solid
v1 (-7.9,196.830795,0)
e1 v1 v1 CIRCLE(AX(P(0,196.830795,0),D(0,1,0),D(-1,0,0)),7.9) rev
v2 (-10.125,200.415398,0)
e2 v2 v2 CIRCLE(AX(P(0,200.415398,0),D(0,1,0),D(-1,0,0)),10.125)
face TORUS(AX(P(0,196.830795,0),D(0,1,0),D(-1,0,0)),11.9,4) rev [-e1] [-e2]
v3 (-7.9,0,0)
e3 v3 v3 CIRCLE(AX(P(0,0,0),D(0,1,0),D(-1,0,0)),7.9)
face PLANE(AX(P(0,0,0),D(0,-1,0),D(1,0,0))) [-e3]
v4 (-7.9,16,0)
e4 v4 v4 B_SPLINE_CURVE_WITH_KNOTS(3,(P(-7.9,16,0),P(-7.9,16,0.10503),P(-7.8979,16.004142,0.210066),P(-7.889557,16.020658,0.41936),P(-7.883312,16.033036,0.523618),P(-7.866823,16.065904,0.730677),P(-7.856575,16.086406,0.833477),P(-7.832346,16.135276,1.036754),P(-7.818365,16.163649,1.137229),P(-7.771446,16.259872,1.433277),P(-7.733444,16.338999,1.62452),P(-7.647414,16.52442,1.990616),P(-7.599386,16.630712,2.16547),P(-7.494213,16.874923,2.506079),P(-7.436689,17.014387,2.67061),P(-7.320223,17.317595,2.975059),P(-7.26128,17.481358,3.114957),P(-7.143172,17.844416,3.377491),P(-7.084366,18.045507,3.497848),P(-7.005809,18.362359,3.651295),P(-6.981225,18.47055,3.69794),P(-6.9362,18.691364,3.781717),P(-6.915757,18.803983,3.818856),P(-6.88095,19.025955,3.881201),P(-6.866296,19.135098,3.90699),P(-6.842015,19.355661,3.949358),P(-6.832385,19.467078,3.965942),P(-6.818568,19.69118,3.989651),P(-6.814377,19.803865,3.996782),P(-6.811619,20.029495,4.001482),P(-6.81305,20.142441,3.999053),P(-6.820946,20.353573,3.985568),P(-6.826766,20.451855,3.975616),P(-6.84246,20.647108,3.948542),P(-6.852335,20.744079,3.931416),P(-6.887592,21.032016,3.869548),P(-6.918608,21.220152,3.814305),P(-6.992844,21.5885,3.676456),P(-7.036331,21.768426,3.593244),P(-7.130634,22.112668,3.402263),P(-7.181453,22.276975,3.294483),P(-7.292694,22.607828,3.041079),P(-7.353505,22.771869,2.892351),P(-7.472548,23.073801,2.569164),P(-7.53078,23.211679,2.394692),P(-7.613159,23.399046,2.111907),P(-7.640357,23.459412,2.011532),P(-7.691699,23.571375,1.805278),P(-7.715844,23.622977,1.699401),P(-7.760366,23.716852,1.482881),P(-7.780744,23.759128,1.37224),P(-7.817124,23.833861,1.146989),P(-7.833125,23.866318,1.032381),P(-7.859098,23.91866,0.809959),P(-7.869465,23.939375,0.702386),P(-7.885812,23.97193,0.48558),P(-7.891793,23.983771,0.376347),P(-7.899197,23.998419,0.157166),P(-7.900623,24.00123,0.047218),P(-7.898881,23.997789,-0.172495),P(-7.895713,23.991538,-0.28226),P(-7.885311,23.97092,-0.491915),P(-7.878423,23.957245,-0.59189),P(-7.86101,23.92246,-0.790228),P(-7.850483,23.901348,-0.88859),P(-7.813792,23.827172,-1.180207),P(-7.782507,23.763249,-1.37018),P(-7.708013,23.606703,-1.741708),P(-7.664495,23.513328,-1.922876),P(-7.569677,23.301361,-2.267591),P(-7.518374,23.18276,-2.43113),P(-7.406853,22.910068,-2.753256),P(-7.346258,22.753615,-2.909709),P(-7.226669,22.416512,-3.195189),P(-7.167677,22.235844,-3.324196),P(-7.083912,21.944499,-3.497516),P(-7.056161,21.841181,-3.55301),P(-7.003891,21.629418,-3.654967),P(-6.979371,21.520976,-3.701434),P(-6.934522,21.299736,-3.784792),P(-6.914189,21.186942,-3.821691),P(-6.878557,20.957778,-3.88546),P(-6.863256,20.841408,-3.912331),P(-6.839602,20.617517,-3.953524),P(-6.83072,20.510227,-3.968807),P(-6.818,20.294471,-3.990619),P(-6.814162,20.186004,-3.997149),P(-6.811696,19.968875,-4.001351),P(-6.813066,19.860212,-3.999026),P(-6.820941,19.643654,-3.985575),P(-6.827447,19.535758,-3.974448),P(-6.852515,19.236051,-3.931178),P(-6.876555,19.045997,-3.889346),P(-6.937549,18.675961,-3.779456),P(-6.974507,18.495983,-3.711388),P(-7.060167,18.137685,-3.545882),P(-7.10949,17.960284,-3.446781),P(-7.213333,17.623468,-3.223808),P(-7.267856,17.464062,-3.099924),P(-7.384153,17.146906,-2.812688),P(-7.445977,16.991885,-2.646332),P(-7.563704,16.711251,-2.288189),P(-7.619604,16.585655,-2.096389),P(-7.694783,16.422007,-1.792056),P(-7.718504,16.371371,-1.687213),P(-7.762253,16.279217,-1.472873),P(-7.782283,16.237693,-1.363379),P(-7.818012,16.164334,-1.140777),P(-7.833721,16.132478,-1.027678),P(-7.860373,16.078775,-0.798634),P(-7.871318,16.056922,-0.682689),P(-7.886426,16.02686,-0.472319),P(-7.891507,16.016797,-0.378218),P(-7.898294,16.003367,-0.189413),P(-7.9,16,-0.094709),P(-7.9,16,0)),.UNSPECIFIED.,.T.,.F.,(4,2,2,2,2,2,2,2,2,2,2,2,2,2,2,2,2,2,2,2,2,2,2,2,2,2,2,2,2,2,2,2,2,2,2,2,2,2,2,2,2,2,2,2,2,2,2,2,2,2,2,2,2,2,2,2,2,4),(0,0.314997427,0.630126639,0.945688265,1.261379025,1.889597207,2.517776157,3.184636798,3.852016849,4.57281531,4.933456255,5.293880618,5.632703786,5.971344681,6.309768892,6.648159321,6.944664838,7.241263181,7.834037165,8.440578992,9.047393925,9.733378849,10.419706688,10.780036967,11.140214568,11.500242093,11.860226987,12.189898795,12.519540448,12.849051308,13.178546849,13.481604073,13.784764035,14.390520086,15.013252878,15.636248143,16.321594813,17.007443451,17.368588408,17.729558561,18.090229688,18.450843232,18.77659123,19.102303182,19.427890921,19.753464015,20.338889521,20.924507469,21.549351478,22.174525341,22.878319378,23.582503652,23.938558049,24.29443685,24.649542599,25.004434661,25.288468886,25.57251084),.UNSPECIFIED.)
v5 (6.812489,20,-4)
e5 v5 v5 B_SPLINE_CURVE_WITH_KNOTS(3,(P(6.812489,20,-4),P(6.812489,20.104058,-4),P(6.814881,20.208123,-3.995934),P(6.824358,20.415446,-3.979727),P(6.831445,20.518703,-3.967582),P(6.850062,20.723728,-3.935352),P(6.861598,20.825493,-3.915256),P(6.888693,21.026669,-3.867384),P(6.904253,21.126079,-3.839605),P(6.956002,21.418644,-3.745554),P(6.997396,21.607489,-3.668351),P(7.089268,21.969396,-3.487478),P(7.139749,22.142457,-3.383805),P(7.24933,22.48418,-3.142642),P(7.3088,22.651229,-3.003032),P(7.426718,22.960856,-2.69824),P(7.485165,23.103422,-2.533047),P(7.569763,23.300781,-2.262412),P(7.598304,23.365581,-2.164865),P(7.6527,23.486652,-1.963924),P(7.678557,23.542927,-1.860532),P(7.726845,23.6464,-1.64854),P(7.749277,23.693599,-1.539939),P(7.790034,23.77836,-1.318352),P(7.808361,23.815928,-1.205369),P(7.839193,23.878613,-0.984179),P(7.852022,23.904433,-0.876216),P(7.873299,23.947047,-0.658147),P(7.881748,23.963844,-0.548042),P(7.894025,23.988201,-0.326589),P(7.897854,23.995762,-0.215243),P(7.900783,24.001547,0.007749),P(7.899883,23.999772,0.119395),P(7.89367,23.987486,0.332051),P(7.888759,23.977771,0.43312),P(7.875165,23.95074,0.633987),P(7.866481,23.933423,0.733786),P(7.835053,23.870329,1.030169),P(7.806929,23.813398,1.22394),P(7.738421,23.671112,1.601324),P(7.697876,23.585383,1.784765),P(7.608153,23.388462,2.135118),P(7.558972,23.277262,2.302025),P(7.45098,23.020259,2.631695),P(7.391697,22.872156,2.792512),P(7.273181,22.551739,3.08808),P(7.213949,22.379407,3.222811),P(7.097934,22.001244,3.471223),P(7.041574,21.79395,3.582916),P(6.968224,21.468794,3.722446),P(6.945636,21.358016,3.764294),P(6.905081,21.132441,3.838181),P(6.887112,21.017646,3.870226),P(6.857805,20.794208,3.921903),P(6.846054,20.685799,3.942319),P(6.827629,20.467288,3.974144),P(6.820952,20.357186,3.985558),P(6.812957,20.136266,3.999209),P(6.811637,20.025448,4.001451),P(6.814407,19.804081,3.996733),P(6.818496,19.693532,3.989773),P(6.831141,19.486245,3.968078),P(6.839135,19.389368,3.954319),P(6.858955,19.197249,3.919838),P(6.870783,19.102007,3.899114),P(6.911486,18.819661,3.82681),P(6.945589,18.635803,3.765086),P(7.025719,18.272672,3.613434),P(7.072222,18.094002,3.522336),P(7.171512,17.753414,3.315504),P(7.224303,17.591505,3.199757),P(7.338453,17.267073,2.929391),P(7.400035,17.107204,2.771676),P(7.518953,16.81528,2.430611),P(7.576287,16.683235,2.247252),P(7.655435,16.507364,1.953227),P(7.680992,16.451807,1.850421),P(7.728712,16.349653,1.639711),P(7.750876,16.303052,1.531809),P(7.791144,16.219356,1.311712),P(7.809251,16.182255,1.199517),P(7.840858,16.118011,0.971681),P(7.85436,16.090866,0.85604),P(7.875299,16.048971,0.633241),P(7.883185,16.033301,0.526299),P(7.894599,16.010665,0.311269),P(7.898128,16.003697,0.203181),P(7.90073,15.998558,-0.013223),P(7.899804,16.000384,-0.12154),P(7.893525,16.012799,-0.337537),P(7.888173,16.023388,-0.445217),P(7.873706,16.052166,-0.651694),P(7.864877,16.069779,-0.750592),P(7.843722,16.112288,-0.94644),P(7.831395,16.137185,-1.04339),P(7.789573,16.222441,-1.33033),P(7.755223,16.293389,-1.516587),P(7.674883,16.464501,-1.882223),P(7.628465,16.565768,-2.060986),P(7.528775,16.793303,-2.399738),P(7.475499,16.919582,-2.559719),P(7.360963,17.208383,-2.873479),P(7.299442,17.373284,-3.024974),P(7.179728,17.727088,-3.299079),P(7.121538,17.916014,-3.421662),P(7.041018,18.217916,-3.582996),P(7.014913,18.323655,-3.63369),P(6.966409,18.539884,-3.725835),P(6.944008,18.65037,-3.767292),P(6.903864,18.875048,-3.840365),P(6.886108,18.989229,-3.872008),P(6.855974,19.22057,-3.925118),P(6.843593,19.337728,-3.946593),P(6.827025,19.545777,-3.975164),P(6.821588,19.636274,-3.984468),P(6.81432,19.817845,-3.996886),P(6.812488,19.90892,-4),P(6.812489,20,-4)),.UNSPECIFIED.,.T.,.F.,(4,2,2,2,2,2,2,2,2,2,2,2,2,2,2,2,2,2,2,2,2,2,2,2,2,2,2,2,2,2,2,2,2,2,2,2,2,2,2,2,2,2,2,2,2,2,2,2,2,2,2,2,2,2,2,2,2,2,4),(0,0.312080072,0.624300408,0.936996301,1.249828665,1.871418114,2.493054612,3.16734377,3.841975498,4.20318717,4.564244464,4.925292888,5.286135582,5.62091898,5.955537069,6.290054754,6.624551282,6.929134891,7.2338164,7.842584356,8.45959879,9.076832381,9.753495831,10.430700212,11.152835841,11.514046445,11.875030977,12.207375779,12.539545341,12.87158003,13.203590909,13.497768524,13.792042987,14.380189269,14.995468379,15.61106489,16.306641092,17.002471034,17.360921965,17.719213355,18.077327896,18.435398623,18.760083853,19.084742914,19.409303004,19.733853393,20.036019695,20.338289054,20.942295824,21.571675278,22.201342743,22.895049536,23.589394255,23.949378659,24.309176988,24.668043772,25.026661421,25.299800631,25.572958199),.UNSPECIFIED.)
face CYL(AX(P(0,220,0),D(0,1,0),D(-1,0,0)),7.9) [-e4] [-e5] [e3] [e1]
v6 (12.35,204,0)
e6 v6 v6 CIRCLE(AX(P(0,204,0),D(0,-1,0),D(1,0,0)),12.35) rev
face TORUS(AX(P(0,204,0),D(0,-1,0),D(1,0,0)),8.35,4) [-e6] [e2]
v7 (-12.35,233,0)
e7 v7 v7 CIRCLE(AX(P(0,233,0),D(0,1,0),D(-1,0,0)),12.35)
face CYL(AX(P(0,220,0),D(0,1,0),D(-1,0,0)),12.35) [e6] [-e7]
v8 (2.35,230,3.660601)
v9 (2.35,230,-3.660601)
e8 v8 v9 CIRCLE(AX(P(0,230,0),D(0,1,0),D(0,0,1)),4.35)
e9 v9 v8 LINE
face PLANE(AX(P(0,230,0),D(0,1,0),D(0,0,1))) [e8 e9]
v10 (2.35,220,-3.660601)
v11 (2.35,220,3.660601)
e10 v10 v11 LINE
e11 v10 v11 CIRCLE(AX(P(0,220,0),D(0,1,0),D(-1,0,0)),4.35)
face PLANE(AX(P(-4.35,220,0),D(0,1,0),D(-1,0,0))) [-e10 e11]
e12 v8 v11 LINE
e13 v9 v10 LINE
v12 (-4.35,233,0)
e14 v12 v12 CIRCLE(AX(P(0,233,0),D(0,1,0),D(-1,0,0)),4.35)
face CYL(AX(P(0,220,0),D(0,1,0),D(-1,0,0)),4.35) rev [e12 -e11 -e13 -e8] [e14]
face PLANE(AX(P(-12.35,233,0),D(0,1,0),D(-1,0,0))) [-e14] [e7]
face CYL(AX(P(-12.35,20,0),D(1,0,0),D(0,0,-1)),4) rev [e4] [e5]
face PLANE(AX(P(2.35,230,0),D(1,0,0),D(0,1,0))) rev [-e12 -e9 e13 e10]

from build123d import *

# Parameters (mm, degrees)
BOSS_EXTRUDE1_DEPTH     = 10
CUT_EXTRUDE1_DEPTH      = 234.65368604
CUT_EXTRUDE1_DEPTH_BACK = 234.65368604
SKETCH3_R               = 4
FILLET1_R               = 4
FILLET2_R               = 4


with BuildPart() as part:
    # Sketch1 → Revolve1 (revolve)
    with BuildSketch(Plane.XY):
        Polygon((0, 0), (-7.9, 0), (-7.9, 200), (-12.35, 200), (-12.35, 233), (-4.35, 233), (-4.35, 220), (0, 220), align=None)
    revolve(axis=Axis((0, 220, 0), (0, -1, 0)))

    # Sketch2 → Boss-Extrude1 (add)
    with BuildSketch(Plane(origin=(0, 220, 0), x_dir=(1, 0, 0), z_dir=(0, 1, 0))):
        with BuildLine():
            ThreePointArc((4.35, 0), (3.817394399, 2.085665361), (2.35, 3.660601044))
            Line((2.35, 3.660601044), (2.35, -3.660601044))
            ThreePointArc((2.35, -3.660601044), (3.817394399, -2.085665361), (4.35, 0))
        make_face()
    extrude(amount=BOSS_EXTRUDE1_DEPTH)

    # Sketch3 → Cut-Extrude1 (cut, two sides: drawn at the far end of the back side and taken through both)
    with BuildSketch(Plane(origin=(0, 0, 0), x_dir=(0, 0, -1), z_dir=(1, 0, 0)).offset(-CUT_EXTRUDE1_DEPTH_BACK)):
        with Locations((0, 20)):
            Circle(SKETCH3_R)
    extrude(amount=CUT_EXTRUDE1_DEPTH + CUT_EXTRUDE1_DEPTH_BACK, mode=Mode.SUBTRACT)

    # Fillet1
    fillet1_edges = [part.edges().sort_by_distance(p)[0] for p in [
        (12.35, 200, 0),
    ]]
    fillet(fillet1_edges, radius=FILLET1_R)

    # Fillet2
    fillet2_edges = [part.edges().sort_by_distance(p)[0] for p in [
        (7.9, 200, 0),
    ]]
    fillet(fillet2_edges, radius=FILLET2_R)


solid = part.part
